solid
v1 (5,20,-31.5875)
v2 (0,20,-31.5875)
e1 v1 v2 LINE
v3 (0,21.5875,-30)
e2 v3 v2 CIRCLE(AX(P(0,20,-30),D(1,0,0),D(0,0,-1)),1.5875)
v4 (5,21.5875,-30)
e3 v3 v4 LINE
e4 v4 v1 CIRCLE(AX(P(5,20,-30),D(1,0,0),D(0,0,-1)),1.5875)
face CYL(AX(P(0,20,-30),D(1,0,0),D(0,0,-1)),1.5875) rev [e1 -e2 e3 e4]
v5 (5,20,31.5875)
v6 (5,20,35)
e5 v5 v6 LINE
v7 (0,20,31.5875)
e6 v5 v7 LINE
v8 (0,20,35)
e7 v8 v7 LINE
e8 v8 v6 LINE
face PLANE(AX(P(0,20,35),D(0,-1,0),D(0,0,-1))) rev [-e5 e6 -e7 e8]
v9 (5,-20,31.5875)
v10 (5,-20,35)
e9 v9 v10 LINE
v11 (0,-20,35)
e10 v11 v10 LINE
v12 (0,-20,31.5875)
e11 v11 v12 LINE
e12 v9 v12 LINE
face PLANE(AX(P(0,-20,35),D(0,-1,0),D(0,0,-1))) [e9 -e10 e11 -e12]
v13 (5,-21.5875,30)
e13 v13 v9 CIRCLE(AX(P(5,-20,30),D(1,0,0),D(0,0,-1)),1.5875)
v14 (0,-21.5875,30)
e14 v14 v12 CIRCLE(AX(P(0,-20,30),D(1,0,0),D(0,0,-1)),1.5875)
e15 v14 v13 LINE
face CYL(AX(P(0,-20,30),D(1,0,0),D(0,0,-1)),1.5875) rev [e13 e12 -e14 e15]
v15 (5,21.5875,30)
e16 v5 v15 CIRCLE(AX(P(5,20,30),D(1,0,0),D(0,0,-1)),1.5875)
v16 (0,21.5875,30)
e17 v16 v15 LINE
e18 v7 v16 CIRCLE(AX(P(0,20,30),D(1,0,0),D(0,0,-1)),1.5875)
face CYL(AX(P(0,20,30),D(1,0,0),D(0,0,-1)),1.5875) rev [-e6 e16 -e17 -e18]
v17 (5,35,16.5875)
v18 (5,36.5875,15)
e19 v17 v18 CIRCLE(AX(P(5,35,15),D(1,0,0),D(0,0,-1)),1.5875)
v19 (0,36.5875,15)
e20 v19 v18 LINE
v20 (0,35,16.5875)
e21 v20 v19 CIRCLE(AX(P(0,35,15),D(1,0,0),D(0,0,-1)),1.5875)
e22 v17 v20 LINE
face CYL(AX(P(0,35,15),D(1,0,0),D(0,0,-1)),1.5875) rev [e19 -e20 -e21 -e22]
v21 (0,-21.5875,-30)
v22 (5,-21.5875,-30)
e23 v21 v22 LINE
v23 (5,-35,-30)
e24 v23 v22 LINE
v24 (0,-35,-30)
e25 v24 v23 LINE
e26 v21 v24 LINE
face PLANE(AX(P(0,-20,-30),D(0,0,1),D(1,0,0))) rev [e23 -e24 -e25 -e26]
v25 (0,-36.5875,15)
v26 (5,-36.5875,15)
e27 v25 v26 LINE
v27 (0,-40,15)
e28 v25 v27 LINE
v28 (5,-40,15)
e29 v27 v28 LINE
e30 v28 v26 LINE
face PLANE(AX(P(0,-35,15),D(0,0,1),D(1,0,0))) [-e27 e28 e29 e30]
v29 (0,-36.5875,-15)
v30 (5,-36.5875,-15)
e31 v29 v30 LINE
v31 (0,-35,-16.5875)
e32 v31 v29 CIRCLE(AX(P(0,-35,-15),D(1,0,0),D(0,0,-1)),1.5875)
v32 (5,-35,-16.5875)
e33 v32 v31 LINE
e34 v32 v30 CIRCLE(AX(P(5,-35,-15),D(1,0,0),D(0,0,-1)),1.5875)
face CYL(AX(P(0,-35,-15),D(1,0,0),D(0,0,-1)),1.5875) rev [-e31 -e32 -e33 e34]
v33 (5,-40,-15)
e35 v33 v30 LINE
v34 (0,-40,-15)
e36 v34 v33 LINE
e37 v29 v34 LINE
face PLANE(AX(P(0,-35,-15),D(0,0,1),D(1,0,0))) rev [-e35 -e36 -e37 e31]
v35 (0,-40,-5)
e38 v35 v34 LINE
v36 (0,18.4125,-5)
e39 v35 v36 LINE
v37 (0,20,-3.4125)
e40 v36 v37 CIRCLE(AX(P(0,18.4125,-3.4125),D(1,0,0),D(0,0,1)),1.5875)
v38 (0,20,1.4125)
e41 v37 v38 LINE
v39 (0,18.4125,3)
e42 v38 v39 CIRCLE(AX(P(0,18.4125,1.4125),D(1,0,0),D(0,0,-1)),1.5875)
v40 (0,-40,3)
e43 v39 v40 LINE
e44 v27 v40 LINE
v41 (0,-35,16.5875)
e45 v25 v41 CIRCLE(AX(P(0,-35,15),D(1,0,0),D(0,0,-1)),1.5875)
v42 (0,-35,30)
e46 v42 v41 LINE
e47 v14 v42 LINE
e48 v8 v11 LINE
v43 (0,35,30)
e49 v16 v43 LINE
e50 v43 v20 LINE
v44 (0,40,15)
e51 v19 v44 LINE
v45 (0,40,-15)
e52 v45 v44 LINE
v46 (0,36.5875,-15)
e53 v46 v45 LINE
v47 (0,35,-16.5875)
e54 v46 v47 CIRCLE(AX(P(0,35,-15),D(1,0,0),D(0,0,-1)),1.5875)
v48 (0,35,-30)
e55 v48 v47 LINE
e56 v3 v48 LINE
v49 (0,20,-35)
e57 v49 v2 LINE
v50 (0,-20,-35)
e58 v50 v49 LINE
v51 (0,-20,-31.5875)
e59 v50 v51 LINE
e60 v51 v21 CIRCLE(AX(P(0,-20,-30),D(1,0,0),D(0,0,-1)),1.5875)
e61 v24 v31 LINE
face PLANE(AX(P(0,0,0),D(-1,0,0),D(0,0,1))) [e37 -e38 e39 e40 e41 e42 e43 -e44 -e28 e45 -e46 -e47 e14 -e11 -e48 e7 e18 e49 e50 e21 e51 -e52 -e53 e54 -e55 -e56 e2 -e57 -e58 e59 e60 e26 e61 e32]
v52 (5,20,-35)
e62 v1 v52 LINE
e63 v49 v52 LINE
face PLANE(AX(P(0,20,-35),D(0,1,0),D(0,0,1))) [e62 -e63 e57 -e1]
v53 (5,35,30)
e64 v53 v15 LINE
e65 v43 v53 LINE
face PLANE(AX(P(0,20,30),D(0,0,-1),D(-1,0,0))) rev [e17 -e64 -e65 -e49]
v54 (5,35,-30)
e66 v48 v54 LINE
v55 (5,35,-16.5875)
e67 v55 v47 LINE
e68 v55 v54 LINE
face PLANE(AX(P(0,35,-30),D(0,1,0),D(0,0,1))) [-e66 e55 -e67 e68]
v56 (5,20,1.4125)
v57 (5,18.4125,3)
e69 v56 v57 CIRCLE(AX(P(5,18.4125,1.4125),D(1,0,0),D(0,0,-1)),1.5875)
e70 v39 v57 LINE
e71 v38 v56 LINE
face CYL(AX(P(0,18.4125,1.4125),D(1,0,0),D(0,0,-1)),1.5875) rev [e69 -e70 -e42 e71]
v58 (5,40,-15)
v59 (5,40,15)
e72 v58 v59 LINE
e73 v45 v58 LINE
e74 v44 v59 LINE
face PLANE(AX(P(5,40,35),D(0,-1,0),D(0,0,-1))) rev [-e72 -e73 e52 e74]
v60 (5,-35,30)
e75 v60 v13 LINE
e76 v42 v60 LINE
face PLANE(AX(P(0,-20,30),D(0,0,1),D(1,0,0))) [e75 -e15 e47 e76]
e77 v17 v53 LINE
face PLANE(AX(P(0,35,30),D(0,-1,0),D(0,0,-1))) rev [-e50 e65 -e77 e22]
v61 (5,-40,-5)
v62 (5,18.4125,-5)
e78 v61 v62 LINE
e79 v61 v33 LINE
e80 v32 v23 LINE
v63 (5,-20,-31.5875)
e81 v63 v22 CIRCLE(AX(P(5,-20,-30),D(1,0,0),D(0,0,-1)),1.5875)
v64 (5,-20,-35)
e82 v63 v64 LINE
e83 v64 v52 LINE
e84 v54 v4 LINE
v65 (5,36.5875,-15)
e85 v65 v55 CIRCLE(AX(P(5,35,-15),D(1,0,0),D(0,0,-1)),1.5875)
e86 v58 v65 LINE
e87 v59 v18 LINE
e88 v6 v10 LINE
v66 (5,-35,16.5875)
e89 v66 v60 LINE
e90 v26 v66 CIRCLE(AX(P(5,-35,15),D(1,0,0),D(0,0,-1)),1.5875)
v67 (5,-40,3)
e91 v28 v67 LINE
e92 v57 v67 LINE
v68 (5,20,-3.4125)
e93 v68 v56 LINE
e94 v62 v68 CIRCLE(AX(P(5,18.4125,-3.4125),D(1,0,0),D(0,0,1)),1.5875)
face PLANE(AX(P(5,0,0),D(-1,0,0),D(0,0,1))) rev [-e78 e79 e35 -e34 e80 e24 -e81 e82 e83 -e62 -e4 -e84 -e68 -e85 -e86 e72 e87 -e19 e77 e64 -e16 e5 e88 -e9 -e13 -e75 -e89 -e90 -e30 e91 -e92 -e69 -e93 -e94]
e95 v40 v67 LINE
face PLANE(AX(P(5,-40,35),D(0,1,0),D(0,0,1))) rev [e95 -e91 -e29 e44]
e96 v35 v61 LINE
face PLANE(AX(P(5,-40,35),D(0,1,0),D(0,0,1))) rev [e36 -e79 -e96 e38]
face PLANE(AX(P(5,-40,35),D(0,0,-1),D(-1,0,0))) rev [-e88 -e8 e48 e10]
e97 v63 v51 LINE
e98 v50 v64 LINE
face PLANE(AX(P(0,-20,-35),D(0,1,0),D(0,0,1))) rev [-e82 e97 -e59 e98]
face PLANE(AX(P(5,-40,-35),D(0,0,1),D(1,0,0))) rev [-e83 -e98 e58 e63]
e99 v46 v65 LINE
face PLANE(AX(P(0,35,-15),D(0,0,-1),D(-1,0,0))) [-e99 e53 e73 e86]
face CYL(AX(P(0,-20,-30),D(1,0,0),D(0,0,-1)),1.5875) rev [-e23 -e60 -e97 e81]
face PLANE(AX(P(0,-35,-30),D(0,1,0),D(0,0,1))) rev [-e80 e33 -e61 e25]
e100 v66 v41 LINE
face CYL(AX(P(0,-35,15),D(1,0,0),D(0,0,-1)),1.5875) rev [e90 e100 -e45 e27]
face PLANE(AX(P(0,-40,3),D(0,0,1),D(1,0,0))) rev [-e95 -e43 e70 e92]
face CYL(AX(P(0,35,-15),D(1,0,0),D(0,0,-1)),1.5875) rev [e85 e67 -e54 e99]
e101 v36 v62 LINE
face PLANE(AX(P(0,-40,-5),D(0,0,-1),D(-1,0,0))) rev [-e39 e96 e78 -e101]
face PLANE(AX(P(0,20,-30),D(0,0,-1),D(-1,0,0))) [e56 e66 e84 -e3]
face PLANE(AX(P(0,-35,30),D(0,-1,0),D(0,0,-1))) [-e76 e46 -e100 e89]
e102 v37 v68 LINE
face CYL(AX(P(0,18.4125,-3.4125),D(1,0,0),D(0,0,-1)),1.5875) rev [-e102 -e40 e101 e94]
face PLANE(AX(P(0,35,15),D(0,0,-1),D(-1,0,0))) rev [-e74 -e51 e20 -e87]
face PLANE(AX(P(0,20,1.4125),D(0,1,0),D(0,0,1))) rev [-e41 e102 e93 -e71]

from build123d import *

# Parameters (mm, degrees)
SKETCH1_W                                = 70
SKETCH1_H                                = 80
BOSS_EXTRUDE1_DEPTH                      = 5
CUT_EXTRUDE1_START                       = -6
CUT_EXTRUDE1_DEPTH                       = 7
MIRROR1_START                            = -6
MIRROR1_AT_THE_SECOND_PLANE_COPY_1_DEPTH = 7
CUT_EXTRUDE2_DEPTH                       = 1
CUT_EXTRUDE2_DEPTH_BACK                  = 6
SKETCH5_R                                = 1.5875
CUT_EXTRUDE3_DEPTH                       = 6


with BuildPart() as part:
    # Sketch1 → Boss-Extrude1 (new body)
    with BuildSketch(Plane(origin=(0, 0, 0), x_dir=(0, 0, -1), z_dir=(1, 0, 0))):
        Rectangle(SKETCH1_W, SKETCH1_H)
    extrude(amount=BOSS_EXTRUDE1_DEPTH)

    # Sketch3 → Cut-Extrude1 (cut)
    with BuildSketch(Plane(origin=(5, 0, 0), x_dir=(0, 0, -1), z_dir=(1, 0, 0)).offset(CUT_EXTRUDE1_START)):
        Polygon((-35, 20), (-30, 20), (-30, 35), (-15, 35), (-15, 40), (-35, 40), align=None)
    cut_extrude1 = extrude(amount=CUT_EXTRUDE1_DEPTH, mode=Mode.SUBTRACT)

    # Mirror1: Cut-Extrude1 across plane
    add(cut_extrude1.mirror(Plane.XY), mode=Mode.SUBTRACT)

    # Mirror1 at the second plane: Cut-Extrude1 across plane
    add(cut_extrude1.mirror(Plane.ZX), mode=Mode.SUBTRACT)

    # Mirror1 at the second plane copy 1 sketc → Mirror1 at the second plane copy 1 (cut)
    with BuildSketch(Plane(origin=(5, 0, 0), x_dir=(0, 0, 1), z_dir=(1, 0, 0)).offset(MIRROR1_START)):
        Polygon((-35, 20), (-30, 20), (-30, 35), (-15, 35), (-15, 40), (-35, 40), align=None)
    extrude(amount=MIRROR1_AT_THE_SECOND_PLANE_COPY_1_DEPTH, mode=Mode.SUBTRACT)

    # Sketch4 → Cut-Extrude2 (cut, two sides)
    with BuildSketch(Plane(origin=(5, 0, 0), x_dir=(0, 0, -1), z_dir=(1, 0, 0))) as cut_extrude2_sk:
        with BuildLine():
            Line((-3, -40), (5, -40))
            Line((5, -40), (5, 18.4125))
            ThreePointArc((5, 18.4125), (4.535032015, 19.535032015), (3.4125, 20))
            Line((3.4125, 20), (-1.4125, 20))
            ThreePointArc((-1.4125, 20), (-2.535032015, 19.535032015), (-3, 18.4125))
            Line((-3, 18.4125), (-3, -40))
        make_face()
    extrude(amount=CUT_EXTRUDE2_DEPTH, mode=Mode.SUBTRACT)
    extrude(cut_extrude2_sk.sketch, amount=-CUT_EXTRUDE2_DEPTH_BACK, mode=Mode.SUBTRACT)

    # Sketch5 → Cut-Extrude3 (cut, through all)
    with BuildSketch(Plane(origin=(5, 0, 0), x_dir=(0, 0, -1), z_dir=(1, 0, 0))):
        with Locations((-15, 35)):
            Circle(SKETCH5_R)
        with Locations((15, 35)):
            Circle(SKETCH5_R)
        with Locations((30, 20)):
            Circle(SKETCH5_R)
        with Locations((30, -20)):
            Circle(SKETCH5_R)
        with Locations((15, -35)):
            Circle(SKETCH5_R)
        with Locations((-15, -35)):
            Circle(SKETCH5_R)
        with Locations((-30, -20)):
            Circle(SKETCH5_R)
        with Locations((-30, 20)):
            Circle(SKETCH5_R)
    extrude(amount=-CUT_EXTRUDE3_DEPTH, mode=Mode.SUBTRACT)


solid = part.part
